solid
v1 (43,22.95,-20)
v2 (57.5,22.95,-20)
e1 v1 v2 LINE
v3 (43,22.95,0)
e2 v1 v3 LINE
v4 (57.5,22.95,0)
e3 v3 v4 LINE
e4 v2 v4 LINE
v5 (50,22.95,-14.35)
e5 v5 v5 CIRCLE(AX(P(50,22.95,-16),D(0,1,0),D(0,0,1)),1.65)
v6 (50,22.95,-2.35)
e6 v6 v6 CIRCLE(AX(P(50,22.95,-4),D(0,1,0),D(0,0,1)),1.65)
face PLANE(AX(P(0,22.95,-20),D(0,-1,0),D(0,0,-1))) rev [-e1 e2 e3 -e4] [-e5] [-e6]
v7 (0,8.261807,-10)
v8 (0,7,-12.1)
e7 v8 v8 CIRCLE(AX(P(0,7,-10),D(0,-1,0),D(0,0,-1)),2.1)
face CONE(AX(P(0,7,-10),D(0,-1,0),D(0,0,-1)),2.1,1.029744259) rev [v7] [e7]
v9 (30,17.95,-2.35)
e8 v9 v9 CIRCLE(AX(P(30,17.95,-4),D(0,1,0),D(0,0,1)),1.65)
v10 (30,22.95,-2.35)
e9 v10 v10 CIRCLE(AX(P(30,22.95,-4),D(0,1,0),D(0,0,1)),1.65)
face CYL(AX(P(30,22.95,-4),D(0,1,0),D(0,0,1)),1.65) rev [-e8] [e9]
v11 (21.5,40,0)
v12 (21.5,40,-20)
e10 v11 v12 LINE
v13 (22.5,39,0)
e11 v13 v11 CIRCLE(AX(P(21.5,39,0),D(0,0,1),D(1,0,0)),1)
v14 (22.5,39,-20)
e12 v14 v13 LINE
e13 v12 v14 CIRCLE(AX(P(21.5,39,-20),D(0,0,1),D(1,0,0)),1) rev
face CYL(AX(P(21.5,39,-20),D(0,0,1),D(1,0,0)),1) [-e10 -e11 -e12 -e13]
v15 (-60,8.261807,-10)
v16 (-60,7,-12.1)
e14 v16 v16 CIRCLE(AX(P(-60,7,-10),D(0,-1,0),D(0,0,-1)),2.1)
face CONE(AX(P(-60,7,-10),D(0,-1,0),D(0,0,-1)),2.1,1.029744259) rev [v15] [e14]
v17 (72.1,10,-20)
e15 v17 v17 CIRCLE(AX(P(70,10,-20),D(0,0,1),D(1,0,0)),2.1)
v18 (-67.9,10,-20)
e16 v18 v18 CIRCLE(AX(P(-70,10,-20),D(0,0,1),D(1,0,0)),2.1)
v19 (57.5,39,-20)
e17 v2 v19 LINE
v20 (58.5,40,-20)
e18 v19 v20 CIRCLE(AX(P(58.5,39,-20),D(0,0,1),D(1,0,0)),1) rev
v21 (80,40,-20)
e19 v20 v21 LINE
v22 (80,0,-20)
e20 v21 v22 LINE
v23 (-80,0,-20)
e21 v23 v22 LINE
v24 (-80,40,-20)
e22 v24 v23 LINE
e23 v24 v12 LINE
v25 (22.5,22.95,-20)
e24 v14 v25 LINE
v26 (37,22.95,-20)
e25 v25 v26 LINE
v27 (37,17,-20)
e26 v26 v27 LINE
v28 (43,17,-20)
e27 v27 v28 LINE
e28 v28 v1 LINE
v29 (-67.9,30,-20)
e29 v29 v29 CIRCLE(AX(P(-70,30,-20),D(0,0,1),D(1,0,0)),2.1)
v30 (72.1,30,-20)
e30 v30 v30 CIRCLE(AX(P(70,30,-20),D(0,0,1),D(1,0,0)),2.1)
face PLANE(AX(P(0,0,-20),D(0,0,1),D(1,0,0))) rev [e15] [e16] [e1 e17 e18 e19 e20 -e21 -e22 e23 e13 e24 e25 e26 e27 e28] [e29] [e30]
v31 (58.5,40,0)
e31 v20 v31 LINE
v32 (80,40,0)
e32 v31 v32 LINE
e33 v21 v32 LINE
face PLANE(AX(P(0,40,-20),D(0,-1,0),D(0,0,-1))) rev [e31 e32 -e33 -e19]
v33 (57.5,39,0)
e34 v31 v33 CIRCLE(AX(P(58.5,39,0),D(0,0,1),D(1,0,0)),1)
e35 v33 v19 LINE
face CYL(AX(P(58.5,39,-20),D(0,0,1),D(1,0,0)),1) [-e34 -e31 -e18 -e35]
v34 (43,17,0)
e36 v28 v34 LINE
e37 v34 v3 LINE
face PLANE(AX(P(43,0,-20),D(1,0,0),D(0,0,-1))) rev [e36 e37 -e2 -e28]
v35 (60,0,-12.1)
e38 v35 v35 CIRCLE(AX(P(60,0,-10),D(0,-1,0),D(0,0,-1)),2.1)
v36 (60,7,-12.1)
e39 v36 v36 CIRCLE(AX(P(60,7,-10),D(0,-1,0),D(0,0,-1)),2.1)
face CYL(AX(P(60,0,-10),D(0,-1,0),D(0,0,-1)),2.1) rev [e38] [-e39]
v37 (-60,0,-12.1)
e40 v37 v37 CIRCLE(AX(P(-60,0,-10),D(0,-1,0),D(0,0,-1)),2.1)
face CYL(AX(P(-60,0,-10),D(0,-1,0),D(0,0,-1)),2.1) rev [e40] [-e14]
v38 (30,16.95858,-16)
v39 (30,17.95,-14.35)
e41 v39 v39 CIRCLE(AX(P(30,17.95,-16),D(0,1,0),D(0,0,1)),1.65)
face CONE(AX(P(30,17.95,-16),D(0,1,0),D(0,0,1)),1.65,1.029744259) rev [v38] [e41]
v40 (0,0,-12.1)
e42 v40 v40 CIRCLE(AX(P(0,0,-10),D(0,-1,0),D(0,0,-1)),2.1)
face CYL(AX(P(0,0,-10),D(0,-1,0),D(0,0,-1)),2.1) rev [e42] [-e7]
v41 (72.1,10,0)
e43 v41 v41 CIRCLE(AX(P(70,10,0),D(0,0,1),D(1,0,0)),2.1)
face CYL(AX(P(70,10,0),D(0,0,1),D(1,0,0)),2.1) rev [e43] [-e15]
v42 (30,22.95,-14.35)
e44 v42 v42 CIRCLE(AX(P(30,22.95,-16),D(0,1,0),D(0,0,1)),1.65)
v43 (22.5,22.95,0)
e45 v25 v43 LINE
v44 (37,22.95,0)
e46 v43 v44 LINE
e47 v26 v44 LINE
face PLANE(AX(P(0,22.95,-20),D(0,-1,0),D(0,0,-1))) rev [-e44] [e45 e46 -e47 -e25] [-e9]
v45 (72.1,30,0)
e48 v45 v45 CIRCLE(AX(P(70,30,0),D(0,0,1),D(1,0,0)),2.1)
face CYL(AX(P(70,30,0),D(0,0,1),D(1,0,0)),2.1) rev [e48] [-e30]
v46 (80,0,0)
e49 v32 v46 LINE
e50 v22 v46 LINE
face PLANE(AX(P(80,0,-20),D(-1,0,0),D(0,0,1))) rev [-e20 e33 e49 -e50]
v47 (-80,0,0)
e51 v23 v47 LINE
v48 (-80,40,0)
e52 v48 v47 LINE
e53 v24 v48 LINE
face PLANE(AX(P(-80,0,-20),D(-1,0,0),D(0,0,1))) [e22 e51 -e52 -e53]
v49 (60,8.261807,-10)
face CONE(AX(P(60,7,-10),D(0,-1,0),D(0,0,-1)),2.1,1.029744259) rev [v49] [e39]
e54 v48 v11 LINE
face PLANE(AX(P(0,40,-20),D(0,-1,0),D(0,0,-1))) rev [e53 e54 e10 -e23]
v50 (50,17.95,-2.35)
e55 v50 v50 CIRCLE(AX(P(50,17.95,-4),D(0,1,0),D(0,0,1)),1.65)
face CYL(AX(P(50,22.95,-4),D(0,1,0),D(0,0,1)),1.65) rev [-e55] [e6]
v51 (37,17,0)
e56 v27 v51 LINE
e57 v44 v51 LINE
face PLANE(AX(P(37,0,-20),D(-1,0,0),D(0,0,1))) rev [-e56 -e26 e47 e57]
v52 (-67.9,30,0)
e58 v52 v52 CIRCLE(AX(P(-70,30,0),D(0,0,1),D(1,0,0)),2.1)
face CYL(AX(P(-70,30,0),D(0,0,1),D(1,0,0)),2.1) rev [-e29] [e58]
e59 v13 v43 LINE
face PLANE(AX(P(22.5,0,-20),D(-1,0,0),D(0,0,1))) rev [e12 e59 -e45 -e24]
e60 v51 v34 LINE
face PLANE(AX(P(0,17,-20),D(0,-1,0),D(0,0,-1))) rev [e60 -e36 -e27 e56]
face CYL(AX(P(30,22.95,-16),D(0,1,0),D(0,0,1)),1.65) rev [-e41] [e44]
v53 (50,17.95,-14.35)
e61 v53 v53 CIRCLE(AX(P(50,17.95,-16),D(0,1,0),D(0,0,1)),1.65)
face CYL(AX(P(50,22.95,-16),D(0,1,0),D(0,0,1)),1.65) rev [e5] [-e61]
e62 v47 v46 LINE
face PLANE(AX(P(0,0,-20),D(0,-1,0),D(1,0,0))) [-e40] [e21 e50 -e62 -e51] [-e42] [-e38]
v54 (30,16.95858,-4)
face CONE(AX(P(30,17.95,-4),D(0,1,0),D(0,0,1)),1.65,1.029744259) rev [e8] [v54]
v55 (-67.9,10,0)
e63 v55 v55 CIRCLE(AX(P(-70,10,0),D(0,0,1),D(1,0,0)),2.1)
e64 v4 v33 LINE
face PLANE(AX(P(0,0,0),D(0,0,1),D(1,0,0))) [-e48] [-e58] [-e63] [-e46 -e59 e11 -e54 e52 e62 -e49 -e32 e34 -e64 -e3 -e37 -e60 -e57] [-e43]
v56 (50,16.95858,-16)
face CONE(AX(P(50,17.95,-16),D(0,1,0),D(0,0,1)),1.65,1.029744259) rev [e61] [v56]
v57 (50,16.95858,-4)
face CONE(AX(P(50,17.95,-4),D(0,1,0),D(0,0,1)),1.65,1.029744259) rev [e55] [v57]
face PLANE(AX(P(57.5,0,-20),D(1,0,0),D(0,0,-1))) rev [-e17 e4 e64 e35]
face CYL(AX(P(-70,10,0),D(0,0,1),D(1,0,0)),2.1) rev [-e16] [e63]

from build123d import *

# Parameters (mm, degrees)
BOSS_EXTRUDE1_DEPTH             = 20
TAP_DRILL_FOR_M4X0_7_TAP1_D     = 3.3
TAP_DRILL_FOR_M4X0_7_TAP1_DEPTH = 5
TAP_DRILL_FOR_M4X0_7_TAP1_TIP   = 0.991420021
TAP_DRILL_FOR_M5X0_8_TAP3_D     = 4.2
TAP_DRILL_FOR_M5X0_8_TAP2_D     = 4.2
TAP_DRILL_FOR_M5X0_8_TAP2_DEPTH = 7
TAP_DRILL_FOR_M5X0_8_TAP2_TIP   = 1.2618073
FILLET1_R                       = 1


with BuildPart() as part:
    # Sketch1 → Boss-Extrude1 (new body)
    with BuildSketch(Plane.XY):
        Polygon((22.5, 40), (-80, 40), (-80, 0), (80, 0), (80, 40), (57.5, 40), (57.5, 23), (57.5, 22.95), (43, 22.95), (43, 17), (37, 17), (37, 22.95), (22.5, 22.95), (22.5, 23), align=None)
    extrude(amount=-BOSS_EXTRUDE1_DEPTH)

    # Tap Drill for M4x0.7 Tap1
    with Locations(Plane(origin=(30, 22.95, -4), x_dir=(0, 0, 1), z_dir=(0, 1, 0))):
        with Locations((0, 0), (0, 20), (-12, 0), (-12, 20)):
            Hole(TAP_DRILL_FOR_M4X0_7_TAP1_D / 2, depth=TAP_DRILL_FOR_M4X0_7_TAP1_DEPTH)
            with Locations((0, 0, -(TAP_DRILL_FOR_M4X0_7_TAP1_DEPTH + TAP_DRILL_FOR_M4X0_7_TAP1_TIP / 2))):  # 118° drill point
                Cone(0, TAP_DRILL_FOR_M4X0_7_TAP1_D / 2, TAP_DRILL_FOR_M4X0_7_TAP1_TIP, mode=Mode.SUBTRACT)

    # Tap Drill for M5x0.8 Tap3 (through all)
    with Locations(Plane(origin=(-70, 30, 0), x_dir=(1, 0, 0), z_dir=(0, 0, 1))):
        with Locations((0, 0), (0, -20), (140, -20), (140, 0)):
            Hole(TAP_DRILL_FOR_M5X0_8_TAP3_D / 2)

    # Tap Drill for M5x0.8 Tap2
    with Locations(Plane(origin=(-60, 0, -10), x_dir=(-1, 0, 0), z_dir=(0, -1, 0))):
        with Locations((0, 0), (-60, 0), (-120, 0)):
            Hole(TAP_DRILL_FOR_M5X0_8_TAP2_D / 2, depth=TAP_DRILL_FOR_M5X0_8_TAP2_DEPTH)
            with Locations((0, 0, -(TAP_DRILL_FOR_M5X0_8_TAP2_DEPTH + TAP_DRILL_FOR_M5X0_8_TAP2_TIP / 2))):  # 118° drill point
                Cone(0, TAP_DRILL_FOR_M5X0_8_TAP2_D / 2, TAP_DRILL_FOR_M5X0_8_TAP2_TIP, mode=Mode.SUBTRACT)

    # Fillet1
    fillet1_edges = [part.edges().sort_by_distance(p)[0] for p in [
        (57.5, 40, -10),
        (22.5, 40, -10),
    ]]
    fillet(fillet1_edges, radius=FILLET1_R)


solid = part.part
